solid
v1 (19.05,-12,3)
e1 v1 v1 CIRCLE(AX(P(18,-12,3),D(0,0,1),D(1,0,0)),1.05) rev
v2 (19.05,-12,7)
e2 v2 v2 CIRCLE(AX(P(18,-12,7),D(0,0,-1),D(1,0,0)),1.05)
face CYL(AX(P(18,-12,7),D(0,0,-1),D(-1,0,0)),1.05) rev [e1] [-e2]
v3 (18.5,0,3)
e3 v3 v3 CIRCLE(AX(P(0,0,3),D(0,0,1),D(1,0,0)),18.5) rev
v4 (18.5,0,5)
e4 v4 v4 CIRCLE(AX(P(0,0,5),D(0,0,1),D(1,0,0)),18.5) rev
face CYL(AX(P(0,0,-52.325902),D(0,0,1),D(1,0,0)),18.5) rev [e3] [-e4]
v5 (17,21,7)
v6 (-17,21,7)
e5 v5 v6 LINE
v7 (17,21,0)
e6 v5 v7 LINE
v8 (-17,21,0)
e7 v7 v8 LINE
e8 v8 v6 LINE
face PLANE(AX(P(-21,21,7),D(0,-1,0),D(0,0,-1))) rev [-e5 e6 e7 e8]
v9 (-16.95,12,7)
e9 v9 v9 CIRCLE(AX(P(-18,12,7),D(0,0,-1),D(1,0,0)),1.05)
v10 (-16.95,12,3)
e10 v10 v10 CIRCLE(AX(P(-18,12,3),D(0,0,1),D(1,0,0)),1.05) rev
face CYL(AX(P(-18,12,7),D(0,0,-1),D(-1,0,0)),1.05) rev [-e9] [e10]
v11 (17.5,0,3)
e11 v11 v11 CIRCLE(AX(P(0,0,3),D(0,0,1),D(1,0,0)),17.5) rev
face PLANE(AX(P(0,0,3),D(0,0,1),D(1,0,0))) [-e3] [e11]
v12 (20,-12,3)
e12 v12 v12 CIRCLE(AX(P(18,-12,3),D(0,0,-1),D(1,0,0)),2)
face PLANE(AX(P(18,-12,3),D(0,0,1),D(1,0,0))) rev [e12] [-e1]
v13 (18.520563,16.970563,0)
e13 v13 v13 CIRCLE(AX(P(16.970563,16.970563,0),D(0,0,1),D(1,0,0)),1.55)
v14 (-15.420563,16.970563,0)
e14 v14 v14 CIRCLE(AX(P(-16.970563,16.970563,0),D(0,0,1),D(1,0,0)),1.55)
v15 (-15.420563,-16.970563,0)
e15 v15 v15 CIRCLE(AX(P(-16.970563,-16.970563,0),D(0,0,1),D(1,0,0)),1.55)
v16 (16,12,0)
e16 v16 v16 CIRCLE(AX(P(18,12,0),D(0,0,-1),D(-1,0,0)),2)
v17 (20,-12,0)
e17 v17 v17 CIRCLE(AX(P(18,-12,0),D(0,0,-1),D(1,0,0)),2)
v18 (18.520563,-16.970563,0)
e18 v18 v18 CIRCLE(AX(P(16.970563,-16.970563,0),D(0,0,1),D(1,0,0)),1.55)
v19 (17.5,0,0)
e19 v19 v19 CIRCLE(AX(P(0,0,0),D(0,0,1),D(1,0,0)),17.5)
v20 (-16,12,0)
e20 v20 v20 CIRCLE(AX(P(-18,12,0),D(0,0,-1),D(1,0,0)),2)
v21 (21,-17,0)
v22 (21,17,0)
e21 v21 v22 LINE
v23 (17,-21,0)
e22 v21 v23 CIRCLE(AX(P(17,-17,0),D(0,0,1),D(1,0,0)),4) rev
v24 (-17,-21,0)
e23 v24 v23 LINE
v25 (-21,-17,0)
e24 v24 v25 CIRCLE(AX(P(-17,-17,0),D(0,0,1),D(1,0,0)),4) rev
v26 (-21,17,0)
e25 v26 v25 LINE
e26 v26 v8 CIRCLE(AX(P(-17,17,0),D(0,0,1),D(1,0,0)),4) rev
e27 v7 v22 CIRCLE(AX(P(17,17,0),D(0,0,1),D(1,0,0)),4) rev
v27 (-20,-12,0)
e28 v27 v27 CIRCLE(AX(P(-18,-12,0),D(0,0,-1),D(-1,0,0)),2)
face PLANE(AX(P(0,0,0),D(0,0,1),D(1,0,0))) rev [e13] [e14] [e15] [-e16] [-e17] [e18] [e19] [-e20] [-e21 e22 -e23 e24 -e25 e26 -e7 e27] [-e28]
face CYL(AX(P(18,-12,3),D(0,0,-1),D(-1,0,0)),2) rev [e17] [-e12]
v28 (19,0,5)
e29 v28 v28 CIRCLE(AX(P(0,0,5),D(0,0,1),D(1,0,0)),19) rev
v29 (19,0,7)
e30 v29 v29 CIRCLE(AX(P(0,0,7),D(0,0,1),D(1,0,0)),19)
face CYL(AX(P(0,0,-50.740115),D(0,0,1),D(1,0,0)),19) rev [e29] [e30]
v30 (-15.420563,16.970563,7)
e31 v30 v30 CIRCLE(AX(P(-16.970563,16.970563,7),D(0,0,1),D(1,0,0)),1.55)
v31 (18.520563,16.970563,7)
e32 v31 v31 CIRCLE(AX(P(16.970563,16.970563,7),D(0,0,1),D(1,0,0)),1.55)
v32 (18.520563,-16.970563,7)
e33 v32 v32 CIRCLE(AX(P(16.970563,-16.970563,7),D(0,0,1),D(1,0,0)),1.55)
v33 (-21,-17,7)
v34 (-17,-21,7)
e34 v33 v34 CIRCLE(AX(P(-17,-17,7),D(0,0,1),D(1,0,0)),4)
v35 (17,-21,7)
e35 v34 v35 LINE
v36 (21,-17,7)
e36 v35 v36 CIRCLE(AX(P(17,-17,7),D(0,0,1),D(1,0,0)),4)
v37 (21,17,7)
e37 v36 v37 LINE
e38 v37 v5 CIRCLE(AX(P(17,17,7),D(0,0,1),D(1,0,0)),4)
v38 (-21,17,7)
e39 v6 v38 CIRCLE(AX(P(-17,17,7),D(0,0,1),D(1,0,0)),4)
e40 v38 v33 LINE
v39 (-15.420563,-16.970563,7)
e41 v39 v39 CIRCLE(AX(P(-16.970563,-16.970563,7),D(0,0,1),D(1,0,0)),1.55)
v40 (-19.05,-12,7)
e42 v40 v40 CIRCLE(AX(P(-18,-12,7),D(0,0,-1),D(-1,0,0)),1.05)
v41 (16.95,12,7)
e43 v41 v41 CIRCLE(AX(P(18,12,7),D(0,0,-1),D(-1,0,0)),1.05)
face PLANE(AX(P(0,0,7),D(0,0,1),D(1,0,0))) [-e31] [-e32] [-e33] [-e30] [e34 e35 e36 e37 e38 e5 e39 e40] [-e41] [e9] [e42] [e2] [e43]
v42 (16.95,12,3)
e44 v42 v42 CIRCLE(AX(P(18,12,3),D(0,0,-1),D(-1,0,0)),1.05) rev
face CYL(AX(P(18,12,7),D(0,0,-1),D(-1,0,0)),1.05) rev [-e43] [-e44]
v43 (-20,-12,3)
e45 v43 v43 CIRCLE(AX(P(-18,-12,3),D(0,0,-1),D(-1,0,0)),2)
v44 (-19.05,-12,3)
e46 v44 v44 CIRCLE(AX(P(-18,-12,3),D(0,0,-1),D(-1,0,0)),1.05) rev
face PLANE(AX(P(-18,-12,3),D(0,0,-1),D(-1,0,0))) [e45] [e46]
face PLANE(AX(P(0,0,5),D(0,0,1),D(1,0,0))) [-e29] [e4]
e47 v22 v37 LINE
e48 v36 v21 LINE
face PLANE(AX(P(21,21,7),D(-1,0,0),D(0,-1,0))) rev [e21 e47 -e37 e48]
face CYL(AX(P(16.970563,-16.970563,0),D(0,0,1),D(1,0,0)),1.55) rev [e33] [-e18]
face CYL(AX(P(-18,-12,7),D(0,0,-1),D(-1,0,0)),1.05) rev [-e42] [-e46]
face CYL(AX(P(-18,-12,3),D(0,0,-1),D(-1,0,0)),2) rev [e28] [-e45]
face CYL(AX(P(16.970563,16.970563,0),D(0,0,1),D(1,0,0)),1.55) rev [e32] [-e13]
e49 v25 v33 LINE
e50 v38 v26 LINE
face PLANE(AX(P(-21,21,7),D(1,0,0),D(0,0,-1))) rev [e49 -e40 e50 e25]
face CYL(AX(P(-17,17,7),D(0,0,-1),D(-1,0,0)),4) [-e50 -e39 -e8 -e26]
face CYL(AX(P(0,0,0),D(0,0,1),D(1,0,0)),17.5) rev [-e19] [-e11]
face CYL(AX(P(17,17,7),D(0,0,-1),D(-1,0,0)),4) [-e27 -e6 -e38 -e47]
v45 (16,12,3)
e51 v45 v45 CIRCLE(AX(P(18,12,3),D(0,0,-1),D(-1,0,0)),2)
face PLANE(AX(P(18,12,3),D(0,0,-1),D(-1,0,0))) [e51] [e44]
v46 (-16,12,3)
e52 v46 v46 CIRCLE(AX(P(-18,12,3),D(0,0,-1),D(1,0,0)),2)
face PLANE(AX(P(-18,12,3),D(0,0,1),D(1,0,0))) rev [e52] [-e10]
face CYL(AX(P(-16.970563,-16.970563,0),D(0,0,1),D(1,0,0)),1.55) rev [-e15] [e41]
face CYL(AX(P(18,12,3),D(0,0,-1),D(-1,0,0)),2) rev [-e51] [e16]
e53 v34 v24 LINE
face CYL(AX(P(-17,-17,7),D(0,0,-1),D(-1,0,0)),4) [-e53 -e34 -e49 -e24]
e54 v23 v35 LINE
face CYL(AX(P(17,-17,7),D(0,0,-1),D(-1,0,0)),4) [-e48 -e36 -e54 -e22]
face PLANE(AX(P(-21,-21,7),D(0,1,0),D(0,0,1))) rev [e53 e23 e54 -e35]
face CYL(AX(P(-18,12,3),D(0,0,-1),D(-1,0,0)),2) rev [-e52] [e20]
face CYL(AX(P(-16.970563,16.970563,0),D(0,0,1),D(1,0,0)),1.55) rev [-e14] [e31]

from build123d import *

# Parameters (mm, degrees)
SKETCH_1_W          = 42
SKETCH_1_H          = 42
EXTRUDE_1_DEPTH     = 7
SKETCH_2_R          = 17.5
CUT_EXTRUDE_1_DEPTH = 31.512292605
SKETCH_3_R          = 18.5
CUT_EXTRUDE_2_DEPTH = 4
SKETCH_4_R          = 19
CUT_EXTRUDE_3_DEPTH = 2
FILLET_1_R          = 4
SKETCH_5_R          = 1.55
CUT_EXTRUDE_4_DEPTH = 31.512292605
SKETCH_7_R          = 1.05
CUT_EXTRUDE_5_DEPTH = 31.512292605
SKETCH_8_R          = 2
CUT_EXTRUDE_6_DEPTH = 3


with BuildPart() as part:
    # 草图1 → 凸台-拉伸1 (new body)
    with BuildSketch(Plane.XY):
        Rectangle(SKETCH_1_W, SKETCH_1_H)
    extrude(amount=EXTRUDE_1_DEPTH)

    # 草图2 → 切除-拉伸1 (cut, through all)
    with BuildSketch(Plane.XY.offset(7)):
        Circle(SKETCH_2_R)
    extrude(amount=-CUT_EXTRUDE_1_DEPTH, mode=Mode.SUBTRACT)

    # 草图3 → 切除-拉伸2 (cut)
    with BuildSketch(Plane.XY.offset(7)):
        Circle(SKETCH_3_R)
    extrude(amount=-CUT_EXTRUDE_2_DEPTH, mode=Mode.SUBTRACT)

    # 草图4 → 切除-拉伸3 (cut)
    with BuildSketch(Plane.XY.offset(7)):
        Circle(SKETCH_4_R)
    extrude(amount=-CUT_EXTRUDE_3_DEPTH, mode=Mode.SUBTRACT)

    # 圆角1
    fillet_1_edges = [part.edges().sort_by_distance(p)[0] for p in [
        (21, -21, 3.5),
        (-21, -21, 3.5),
        (-21, 21, 3.5),
        (21, 21, 3.5),
    ]]
    fillet(fillet_1_edges, radius=FILLET_1_R)

    # 草图5 → 切除-拉伸4 (cut, through all)
    with BuildSketch(Plane.XY.offset(7)):
        with Locations((-16.970562748, 16.970562748)):
            Circle(SKETCH_5_R)
        with Locations((16.970562748, 16.970562748)):
            Circle(SKETCH_5_R)
        with Locations((16.970562748, -16.970562748)):
            Circle(SKETCH_5_R)
        with Locations((-16.970562748, -16.970562748)):
            Circle(SKETCH_5_R)
    extrude(amount=-CUT_EXTRUDE_4_DEPTH, mode=Mode.SUBTRACT)

    # 草图7 → 切除-拉伸5 (cut, through all)
    with BuildSketch(Plane(origin=(0, 0, 0), x_dir=(-1, 0, 0), z_dir=(0, 0, -1))):
        with Locations((-18, 12)):
            Circle(SKETCH_7_R)
        with Locations(Location((18, 12, 0), (0, 0, 180))):
            Circle(SKETCH_7_R)
        with Locations((18, -12)):
            Circle(SKETCH_7_R)
        with Locations(Location((-18, -12, 0), (0, 0, 180))):
            Circle(SKETCH_7_R)
    extrude(amount=-CUT_EXTRUDE_5_DEPTH, mode=Mode.SUBTRACT)

    # 草图8 → 切除-拉伸6 (cut)
    with BuildSketch(Plane(origin=(0, 0, 0), x_dir=(-1, 0, 0), z_dir=(0, 0, -1))):
        with Locations((-18, 12)):
            Circle(SKETCH_8_R)
        with Locations(Location((18, 12, 0), (0, 0, 180))):
            Circle(SKETCH_8_R)
        with Locations((18, -12)):
            Circle(SKETCH_8_R)
        with Locations(Location((-18, -12, 0), (0, 0, 180))):
            Circle(SKETCH_8_R)
    extrude(amount=-CUT_EXTRUDE_6_DEPTH, mode=Mode.SUBTRACT)


solid = part.part
